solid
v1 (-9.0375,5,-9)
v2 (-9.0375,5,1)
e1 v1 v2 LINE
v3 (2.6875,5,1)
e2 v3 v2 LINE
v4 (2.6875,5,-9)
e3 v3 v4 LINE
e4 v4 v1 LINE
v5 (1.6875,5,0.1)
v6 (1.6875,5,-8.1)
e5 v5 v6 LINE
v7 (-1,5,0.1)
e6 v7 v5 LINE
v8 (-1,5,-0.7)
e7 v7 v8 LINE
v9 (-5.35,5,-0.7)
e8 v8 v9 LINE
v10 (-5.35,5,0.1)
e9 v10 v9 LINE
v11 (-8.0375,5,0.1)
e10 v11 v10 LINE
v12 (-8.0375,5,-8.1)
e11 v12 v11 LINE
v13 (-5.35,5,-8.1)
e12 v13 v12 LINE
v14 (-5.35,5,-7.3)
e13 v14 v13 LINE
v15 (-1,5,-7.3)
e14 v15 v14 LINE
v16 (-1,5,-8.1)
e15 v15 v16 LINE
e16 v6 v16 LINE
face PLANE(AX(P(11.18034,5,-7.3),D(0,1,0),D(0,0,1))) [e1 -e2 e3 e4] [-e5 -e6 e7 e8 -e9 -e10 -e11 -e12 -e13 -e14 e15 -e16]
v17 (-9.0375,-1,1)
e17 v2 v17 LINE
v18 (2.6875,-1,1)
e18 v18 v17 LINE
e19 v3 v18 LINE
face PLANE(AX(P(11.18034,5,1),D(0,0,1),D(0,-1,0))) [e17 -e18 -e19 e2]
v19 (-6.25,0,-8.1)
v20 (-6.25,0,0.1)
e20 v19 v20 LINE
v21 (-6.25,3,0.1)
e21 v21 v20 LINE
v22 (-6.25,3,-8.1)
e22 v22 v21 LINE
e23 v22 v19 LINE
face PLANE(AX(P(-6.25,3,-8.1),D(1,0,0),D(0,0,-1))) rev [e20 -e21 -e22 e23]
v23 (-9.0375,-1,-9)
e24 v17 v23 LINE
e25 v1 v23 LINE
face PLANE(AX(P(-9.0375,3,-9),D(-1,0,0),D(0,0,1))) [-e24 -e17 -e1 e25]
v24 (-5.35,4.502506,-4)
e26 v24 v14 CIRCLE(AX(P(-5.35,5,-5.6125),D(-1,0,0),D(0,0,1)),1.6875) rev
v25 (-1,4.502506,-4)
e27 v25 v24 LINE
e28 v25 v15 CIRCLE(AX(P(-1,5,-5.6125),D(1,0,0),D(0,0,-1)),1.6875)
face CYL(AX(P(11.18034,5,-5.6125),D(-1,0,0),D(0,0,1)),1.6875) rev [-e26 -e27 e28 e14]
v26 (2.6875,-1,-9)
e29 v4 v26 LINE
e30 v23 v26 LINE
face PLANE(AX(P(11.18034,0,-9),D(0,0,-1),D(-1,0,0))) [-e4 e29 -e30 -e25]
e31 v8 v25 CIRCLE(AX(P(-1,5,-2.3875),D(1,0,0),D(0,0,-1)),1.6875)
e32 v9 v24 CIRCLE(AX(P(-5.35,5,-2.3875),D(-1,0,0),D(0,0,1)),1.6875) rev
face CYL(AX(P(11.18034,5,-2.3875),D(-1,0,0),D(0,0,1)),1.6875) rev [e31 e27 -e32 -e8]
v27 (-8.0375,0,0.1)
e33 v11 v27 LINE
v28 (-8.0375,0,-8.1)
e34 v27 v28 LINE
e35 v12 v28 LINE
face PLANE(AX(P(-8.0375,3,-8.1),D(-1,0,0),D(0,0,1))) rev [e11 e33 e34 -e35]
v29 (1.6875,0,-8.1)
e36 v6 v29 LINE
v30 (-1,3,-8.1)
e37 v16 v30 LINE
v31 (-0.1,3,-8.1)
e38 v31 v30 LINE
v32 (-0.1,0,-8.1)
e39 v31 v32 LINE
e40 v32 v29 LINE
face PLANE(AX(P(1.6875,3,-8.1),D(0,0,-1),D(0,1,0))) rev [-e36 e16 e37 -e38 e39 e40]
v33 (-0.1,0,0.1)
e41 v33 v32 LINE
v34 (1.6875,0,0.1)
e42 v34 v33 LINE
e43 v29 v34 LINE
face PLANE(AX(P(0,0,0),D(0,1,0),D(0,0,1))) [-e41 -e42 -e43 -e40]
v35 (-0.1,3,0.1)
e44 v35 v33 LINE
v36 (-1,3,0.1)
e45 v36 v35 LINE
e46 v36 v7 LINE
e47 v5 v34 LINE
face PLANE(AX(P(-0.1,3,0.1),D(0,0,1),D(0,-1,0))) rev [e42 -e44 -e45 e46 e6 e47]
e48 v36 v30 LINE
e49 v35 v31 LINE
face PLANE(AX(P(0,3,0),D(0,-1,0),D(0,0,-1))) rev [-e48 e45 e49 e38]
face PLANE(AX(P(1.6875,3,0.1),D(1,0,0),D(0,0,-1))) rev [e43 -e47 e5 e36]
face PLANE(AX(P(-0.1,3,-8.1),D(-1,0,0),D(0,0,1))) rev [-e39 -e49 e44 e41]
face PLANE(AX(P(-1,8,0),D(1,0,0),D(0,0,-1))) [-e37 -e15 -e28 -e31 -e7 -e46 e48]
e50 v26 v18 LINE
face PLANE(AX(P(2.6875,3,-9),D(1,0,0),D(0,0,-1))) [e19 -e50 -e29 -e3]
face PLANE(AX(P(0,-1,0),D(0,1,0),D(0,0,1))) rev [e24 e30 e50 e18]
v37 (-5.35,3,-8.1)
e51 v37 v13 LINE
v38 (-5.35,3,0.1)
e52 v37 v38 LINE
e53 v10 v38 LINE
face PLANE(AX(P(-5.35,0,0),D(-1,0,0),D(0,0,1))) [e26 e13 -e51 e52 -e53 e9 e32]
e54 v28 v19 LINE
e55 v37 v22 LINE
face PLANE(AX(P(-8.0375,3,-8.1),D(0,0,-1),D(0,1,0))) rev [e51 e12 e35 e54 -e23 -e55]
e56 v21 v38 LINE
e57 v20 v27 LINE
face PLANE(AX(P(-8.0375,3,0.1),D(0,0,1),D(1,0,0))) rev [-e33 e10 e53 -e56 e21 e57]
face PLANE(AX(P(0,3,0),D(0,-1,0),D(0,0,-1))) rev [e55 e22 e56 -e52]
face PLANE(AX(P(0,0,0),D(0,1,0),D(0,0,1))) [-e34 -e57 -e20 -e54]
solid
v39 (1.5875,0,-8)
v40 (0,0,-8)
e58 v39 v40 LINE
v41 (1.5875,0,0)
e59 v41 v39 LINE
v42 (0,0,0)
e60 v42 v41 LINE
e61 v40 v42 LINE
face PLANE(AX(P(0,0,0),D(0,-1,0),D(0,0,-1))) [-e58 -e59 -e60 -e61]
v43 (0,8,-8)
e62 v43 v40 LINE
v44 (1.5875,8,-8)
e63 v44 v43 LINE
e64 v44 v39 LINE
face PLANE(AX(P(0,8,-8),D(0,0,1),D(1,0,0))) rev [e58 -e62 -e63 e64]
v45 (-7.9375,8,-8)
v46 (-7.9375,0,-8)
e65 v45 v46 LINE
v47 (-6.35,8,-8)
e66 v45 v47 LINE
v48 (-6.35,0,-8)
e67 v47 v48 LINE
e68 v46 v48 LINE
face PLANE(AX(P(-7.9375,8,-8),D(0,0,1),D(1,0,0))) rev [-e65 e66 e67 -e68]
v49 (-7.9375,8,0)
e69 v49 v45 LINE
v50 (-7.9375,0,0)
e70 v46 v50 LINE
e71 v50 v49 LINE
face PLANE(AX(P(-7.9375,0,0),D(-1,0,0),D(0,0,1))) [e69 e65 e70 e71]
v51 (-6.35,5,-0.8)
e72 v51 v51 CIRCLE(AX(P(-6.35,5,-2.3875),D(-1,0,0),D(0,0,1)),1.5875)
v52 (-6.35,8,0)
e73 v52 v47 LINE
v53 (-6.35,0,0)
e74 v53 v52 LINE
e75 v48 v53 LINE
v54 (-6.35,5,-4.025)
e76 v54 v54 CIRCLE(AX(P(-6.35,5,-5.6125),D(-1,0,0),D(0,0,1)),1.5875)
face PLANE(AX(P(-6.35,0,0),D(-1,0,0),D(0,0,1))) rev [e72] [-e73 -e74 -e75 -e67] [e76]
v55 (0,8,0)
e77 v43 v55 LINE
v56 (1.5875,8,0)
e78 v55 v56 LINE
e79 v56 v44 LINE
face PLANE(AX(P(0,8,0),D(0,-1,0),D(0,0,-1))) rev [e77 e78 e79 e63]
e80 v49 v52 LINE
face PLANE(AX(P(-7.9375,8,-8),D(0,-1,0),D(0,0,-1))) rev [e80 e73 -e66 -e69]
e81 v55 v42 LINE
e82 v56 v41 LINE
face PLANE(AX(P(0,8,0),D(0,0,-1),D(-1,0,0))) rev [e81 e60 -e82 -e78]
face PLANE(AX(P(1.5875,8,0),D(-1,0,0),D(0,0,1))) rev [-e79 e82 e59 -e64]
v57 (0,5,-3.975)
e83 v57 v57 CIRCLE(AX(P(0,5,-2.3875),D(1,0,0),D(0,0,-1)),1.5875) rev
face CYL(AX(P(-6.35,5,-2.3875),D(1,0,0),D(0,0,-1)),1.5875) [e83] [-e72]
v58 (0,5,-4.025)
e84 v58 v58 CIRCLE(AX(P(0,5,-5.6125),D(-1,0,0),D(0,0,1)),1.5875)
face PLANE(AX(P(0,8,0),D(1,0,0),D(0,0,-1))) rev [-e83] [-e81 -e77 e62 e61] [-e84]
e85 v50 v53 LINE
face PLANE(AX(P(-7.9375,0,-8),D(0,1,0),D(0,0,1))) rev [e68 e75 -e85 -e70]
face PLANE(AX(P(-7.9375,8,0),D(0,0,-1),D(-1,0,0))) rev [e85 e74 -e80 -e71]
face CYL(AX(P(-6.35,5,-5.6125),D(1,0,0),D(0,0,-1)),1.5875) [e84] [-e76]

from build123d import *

# Parameters (mm, degrees)
SKETCH2_W                = 1.5875
SKETCH2_H                = 8
BOSS_EXTRUDE1_DEPTH      = 8
SKETCH3_R                = 1.5875
BOSS_EXTRUDE2_DEPTH      = 6.35
SKETCH4_W                = 8
SKETCH4_H                = 8
BOSS_EXTRUDE3_DEPTH      = 1.5875
BOSS_EXTRUDE4_DEPTH      = 2.175
BOSS_EXTRUDE4_DEPTH_BACK = 2.175
SKETCH6_W                = 11.725
SKETCH6_H                = 10
SKETCH6_W_2              = 1.7875
SKETCH6_H_2              = 8.2
BOSS_EXTRUDE5_DEPTH      = 3
SKETCH8_W                = 11.725
SKETCH8_H                = 10
SKETCH8_W_2              = 9.725
SKETCH8_H_2              = 8.2
BOSS_EXTRUDE6_DEPTH      = 2
SKETCH9_W                = 11.725
SKETCH9_H                = 10
BOSS_EXTRUDE7_DEPTH      = 1


with BuildPart() as part:
    # Sketch2 → Boss-Extrude1 (new body)
    with BuildSketch(Plane(origin=(0, 0, 0), x_dir=(1, 0, 0), z_dir=(0, 1, 0))):
        with Locations((0.79375, 4)):
            Rectangle(SKETCH2_W, SKETCH2_H)
    extrude(amount=BOSS_EXTRUDE1_DEPTH)

    # Sketch3 → Boss-Extrude2 (add)
    with BuildSketch(Plane.ZY):
        with Locations((-5.6125, 5)):
            Circle(SKETCH3_R)
        with Locations((-2.3875, 5)):
            Circle(SKETCH3_R)
    extrude(amount=BOSS_EXTRUDE2_DEPTH)

    # Sketch4 → Boss-Extrude3 (add)
    with BuildSketch(Plane.ZY.offset(6.35)):
        with Locations((-4, 4)):
            Rectangle(SKETCH4_W, SKETCH4_H)
    extrude(amount=BOSS_EXTRUDE3_DEPTH)


with BuildPart() as body_2:
    # Sketch5 → Boss-Extrude4 (new body, two sides)
    with BuildSketch(Plane.ZY.offset(3.175)) as boss_extrude4_sk:
        with BuildLine():
            Line((-7.3, 5), (-9, 5))
            Line((-9, 5), (-9, 0))
            Line((-9, 0), (1, 0))
            Line((1, 0), (1, 5))
            Line((1, 5), (-0.7, 5))
            ThreePointArc((-0.7, 5), (-2.135942353, 3.33135534), (-4, 4.502506281))
            ThreePointArc((-4, 4.502506281), (-5.864057647, 3.33135534), (-7.3, 5))
        make_face()
    extrude(amount=BOSS_EXTRUDE4_DEPTH)
    extrude(boss_extrude4_sk.sketch, amount=-BOSS_EXTRUDE4_DEPTH_BACK)

    # Sketch6 → Boss-Extrude5 (add)
    with BuildSketch(Plane.XZ):
        with Locations((-3.175, -4)):
            Rectangle(SKETCH6_W, SKETCH6_H)
        with Locations((0.79375, -4)):
            Rectangle(SKETCH6_W_2, SKETCH6_H_2, mode=Mode.SUBTRACT)
        with Locations((-7.14375, -4)):
            Rectangle(SKETCH6_W_2, SKETCH6_H_2, mode=Mode.SUBTRACT)
    extrude(amount=-BOSS_EXTRUDE5_DEPTH)

    # Sketch8 → Boss-Extrude6 (add)
    with BuildSketch(Plane(origin=(0, 3, 0), x_dir=(1, 0, 0), z_dir=(0, 1, 0))):
        with Locations((-3.175, 4)):
            Rectangle(SKETCH8_W, SKETCH8_H)
        with Locations((-3.175, 4)):
            Rectangle(SKETCH8_W_2, SKETCH8_H_2, mode=Mode.SUBTRACT)
    extrude(amount=BOSS_EXTRUDE6_DEPTH)


with BuildPart() as body_3:
    # Sketch9 → Boss-Extrude7 (new body)
    with BuildSketch(Plane.XZ):
        with Locations((-3.175, -4)):
            Rectangle(SKETCH9_W, SKETCH9_H)
    extrude(amount=BOSS_EXTRUDE7_DEPTH)


with BuildPart() as body_2_1:
    add(body_2.part)

    # Combine1: union body 3
    add(body_3.part)


solid = Compound([part.part, body_2_1.part])
